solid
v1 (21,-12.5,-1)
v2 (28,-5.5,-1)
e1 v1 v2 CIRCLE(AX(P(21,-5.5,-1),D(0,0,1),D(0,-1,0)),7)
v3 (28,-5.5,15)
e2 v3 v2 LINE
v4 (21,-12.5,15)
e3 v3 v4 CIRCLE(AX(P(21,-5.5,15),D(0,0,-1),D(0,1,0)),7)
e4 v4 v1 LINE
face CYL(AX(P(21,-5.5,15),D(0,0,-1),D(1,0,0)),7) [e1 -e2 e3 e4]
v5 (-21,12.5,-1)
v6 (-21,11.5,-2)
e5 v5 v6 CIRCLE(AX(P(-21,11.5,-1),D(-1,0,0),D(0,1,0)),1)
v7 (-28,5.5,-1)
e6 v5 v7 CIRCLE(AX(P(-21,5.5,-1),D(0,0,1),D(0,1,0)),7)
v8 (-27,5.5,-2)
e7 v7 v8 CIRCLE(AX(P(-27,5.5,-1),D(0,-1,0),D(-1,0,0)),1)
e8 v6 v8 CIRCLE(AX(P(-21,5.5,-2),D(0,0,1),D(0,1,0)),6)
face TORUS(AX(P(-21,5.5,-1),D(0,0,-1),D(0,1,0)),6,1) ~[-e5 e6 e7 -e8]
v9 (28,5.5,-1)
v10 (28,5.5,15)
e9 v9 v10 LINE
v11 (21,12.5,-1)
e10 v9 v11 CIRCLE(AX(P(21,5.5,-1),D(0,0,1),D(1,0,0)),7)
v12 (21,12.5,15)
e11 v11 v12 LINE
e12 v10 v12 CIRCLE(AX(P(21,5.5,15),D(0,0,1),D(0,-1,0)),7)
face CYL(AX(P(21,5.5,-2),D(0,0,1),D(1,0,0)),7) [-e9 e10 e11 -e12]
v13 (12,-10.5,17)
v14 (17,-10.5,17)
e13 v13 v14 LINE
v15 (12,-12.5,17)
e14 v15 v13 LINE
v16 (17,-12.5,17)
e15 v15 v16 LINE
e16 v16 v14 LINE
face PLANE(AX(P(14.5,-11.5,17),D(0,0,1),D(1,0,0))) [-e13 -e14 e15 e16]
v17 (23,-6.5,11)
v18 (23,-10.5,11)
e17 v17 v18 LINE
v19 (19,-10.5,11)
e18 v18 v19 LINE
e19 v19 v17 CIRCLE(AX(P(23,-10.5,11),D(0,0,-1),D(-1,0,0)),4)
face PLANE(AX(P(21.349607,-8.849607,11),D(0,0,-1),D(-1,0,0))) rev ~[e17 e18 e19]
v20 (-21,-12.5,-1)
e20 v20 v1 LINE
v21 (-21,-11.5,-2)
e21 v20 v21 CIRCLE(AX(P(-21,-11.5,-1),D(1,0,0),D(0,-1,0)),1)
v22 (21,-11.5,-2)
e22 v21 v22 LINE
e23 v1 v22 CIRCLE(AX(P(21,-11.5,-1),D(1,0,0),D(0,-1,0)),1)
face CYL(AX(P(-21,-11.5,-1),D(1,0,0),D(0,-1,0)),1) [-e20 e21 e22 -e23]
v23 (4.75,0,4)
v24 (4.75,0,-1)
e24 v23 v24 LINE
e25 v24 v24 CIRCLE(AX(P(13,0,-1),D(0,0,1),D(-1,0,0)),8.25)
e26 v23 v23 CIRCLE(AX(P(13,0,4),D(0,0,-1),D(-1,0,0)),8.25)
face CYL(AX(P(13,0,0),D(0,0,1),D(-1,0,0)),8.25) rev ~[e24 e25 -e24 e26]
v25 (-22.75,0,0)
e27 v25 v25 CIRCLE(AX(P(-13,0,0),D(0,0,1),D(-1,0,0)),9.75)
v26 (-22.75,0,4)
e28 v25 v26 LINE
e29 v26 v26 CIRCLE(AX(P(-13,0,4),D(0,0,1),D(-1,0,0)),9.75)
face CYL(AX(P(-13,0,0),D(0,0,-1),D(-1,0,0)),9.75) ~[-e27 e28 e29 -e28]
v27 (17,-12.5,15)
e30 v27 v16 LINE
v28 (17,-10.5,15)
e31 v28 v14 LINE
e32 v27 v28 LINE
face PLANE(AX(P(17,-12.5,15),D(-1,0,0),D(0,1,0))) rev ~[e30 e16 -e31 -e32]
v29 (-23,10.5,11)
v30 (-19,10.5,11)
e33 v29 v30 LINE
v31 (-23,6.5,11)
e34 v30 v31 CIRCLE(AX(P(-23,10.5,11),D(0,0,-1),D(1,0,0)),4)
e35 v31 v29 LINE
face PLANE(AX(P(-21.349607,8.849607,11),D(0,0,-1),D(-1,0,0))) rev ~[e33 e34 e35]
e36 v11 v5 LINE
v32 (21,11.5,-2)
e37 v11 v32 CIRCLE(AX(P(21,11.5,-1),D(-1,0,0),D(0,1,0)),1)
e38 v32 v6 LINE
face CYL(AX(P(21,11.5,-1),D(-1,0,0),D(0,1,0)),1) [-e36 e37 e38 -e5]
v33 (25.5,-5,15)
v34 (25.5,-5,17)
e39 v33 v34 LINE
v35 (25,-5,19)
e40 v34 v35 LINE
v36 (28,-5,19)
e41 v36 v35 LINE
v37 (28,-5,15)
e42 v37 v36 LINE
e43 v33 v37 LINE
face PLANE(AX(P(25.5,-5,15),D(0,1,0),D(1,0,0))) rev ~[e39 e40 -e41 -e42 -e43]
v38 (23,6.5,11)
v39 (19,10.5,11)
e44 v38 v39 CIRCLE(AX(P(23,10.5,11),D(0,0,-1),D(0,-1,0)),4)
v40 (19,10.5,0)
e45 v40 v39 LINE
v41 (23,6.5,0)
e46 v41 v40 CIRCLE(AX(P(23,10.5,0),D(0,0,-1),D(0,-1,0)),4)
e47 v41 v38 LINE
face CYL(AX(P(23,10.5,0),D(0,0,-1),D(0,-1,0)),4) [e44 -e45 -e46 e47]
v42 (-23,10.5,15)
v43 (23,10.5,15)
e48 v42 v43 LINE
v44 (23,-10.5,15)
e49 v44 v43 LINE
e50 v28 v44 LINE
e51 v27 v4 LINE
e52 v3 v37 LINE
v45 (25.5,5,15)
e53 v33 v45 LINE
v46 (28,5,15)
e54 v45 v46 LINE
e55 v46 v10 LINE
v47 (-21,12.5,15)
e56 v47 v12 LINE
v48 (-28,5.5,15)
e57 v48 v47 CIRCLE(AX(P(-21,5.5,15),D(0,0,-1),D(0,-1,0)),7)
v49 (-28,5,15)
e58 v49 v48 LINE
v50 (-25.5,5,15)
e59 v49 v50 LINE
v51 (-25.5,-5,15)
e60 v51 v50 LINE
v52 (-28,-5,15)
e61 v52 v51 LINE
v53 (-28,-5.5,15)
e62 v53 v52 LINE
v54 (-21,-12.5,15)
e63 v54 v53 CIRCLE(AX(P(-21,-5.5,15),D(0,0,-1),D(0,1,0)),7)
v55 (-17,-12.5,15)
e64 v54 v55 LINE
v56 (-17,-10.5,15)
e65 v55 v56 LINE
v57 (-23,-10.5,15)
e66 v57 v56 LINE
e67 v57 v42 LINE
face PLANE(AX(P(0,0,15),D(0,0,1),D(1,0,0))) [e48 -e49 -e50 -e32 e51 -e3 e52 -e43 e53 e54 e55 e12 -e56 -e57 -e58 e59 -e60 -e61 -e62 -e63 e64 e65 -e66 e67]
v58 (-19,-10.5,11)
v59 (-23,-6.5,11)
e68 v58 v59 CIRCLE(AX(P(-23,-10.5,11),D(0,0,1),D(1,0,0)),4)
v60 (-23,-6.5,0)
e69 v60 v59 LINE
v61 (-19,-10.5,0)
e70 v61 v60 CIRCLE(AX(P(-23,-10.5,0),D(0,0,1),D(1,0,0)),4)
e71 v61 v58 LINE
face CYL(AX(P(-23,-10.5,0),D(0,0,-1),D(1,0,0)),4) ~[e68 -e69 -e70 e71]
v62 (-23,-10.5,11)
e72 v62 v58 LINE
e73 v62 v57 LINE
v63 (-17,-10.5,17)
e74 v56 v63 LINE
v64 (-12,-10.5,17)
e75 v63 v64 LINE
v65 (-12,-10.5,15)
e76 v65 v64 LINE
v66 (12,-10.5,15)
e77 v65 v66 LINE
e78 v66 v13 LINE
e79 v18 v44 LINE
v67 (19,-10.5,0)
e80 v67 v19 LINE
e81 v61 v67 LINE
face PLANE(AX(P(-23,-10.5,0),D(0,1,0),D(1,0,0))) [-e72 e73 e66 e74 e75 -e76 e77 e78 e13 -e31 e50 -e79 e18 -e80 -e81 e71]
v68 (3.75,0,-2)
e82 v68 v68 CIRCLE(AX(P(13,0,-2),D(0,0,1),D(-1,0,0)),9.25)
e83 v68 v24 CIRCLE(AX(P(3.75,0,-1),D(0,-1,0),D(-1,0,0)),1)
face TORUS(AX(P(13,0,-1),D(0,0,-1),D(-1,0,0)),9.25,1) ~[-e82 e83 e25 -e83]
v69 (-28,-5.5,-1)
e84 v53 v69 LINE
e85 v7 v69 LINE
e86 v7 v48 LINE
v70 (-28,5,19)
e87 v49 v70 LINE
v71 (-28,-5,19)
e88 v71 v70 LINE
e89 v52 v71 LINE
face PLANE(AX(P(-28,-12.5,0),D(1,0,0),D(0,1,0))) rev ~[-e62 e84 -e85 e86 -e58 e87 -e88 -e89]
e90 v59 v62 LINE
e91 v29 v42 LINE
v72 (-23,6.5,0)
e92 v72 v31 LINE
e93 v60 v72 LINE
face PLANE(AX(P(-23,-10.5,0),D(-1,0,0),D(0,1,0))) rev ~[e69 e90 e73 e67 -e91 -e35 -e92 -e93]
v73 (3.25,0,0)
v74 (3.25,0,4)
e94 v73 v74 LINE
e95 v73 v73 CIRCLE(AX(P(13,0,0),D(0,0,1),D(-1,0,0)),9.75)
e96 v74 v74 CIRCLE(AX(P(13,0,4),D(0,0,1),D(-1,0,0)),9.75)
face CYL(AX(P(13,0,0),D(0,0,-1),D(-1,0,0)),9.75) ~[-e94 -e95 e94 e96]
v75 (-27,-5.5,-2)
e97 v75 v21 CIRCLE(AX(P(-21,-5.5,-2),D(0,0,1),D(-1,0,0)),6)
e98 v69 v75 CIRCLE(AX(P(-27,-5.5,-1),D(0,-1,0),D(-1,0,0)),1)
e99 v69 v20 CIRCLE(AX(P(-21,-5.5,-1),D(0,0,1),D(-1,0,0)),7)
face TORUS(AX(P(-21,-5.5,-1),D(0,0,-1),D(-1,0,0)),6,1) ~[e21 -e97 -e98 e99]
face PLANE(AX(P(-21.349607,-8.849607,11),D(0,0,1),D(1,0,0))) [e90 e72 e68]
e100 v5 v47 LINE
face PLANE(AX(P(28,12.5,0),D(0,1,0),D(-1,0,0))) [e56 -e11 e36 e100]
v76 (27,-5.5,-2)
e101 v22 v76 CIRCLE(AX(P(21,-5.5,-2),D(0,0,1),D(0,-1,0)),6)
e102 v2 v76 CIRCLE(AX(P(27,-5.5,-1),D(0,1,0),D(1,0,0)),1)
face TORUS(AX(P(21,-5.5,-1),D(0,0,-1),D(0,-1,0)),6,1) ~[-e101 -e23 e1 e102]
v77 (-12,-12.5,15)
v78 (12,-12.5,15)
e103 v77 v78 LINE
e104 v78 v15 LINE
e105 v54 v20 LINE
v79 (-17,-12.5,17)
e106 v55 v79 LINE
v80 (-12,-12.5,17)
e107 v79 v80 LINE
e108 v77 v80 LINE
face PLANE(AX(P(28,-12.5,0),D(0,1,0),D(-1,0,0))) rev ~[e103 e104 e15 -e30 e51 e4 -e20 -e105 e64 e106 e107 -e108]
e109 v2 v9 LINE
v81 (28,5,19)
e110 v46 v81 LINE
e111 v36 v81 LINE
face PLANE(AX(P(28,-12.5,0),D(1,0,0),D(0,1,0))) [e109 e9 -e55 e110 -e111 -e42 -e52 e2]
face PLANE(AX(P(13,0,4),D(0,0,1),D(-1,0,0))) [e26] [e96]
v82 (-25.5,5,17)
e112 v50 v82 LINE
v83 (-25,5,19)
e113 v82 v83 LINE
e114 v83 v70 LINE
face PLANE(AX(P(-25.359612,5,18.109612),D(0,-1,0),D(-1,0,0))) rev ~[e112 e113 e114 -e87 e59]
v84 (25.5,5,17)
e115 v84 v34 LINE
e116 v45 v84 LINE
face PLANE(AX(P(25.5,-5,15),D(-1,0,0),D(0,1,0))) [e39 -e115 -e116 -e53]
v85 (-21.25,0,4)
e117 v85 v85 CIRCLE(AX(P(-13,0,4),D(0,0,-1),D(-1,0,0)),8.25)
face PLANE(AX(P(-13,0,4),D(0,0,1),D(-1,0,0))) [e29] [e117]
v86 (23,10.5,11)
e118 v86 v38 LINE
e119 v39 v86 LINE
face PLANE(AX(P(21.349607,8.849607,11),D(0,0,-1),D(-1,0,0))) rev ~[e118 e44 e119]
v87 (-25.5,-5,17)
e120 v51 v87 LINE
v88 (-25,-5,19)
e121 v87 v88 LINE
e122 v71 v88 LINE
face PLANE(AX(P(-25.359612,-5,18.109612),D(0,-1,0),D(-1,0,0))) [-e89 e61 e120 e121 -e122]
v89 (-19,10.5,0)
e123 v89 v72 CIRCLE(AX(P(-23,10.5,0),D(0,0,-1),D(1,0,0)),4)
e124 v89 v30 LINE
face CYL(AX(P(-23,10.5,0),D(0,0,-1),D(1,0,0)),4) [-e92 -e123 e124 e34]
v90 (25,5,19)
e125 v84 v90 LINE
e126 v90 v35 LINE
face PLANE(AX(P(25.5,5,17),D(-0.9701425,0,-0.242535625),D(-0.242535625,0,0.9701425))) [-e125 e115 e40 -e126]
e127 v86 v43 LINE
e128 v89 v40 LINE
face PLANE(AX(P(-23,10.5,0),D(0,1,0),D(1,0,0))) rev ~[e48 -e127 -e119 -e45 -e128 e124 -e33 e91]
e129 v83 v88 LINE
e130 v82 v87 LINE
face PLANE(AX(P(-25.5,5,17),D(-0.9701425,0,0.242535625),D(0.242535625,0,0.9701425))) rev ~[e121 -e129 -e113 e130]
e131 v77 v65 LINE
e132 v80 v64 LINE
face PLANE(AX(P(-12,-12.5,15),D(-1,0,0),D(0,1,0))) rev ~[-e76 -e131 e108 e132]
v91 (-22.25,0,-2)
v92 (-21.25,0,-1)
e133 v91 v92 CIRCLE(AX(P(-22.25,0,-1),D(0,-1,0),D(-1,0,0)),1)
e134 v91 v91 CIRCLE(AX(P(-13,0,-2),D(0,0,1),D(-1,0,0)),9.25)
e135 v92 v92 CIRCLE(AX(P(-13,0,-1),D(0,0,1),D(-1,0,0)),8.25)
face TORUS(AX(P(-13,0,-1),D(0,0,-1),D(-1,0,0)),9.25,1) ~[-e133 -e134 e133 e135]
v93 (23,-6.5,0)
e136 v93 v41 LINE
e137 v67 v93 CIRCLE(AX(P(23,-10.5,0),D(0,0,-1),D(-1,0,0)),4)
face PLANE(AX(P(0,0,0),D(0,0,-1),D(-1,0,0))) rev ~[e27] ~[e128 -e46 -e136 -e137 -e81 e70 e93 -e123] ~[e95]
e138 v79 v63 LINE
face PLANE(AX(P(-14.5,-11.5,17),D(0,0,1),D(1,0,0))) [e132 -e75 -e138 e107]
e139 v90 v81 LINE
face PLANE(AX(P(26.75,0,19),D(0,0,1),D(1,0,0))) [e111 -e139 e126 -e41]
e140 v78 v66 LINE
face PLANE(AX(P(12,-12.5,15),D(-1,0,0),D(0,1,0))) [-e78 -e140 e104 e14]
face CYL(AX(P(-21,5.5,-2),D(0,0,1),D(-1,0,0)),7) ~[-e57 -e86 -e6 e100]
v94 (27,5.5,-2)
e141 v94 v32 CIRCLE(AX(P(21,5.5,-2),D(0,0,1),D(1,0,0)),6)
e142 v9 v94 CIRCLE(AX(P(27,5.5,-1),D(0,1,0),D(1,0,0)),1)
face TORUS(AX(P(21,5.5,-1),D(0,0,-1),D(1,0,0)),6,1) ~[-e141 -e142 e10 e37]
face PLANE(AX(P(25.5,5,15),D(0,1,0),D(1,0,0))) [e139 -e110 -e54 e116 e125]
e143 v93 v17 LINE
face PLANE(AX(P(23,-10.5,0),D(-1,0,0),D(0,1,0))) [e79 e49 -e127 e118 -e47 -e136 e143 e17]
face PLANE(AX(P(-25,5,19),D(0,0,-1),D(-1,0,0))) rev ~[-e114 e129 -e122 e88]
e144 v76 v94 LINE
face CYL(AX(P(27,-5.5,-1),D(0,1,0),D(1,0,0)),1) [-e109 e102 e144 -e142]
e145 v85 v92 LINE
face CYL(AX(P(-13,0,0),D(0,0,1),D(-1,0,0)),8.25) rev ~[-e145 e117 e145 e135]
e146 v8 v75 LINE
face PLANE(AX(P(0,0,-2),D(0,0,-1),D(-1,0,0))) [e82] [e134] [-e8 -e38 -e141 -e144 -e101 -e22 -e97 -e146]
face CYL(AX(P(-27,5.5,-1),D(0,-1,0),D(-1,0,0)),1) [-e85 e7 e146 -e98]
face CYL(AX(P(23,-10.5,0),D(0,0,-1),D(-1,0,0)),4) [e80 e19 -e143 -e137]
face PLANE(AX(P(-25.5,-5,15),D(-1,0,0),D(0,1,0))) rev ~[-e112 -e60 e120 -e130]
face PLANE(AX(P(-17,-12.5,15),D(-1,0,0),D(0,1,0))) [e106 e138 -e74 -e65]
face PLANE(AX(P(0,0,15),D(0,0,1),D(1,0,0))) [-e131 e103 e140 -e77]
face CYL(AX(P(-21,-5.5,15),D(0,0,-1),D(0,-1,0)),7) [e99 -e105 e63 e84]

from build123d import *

# Parameters (mm, degrees)
SKETCH2_W                      = 56
SKETCH2_H                      = 25
SKETCH2_W_2                    = 46
SKETCH2_H_2                    = 21
BOX_DEPTH                      = 15
SKETCH3_W                      = 56
SKETCH3_H                      = 25
FRONT_DEPTH                    = 2
SKETCH8_R                      = 9.75
BOSS_EXTRUDE7_DEPTH            = 4
SKETCH1_R                      = 8.25
CUT_EXTRUDE1_DEPTH             = 35.135758377
CUT_EXTRUDE1_DIRECTION_2_REACH = 36.136
FILLET1_R                      = 7
BOSS_EXTRUDE3_DEPTH            = 11
FILLET2_R                      = 1
FILLET3_R                      = 1
SKETCH5_W                      = 2.5
SKETCH5_H                      = 10
BOSS_EXTRUDE4_DEPTH            = 4
SKETCH6_W                      = 5
SKETCH6_H                      = 2
BOSS_EXTRUDE5_DEPTH            = 2
BOSS_EXTRUDE6_DEPTH            = 10


with BuildPart() as part:
    # Sketch2 → Box (new body)
    with BuildSketch(Plane.XY):
        Rectangle(SKETCH2_W, SKETCH2_H)
        Rectangle(SKETCH2_W_2, SKETCH2_H_2, mode=Mode.SUBTRACT)
    extrude(amount=BOX_DEPTH)

    # Sketch3 → Front (add)
    with BuildSketch(Plane(origin=(0, 0, 0), x_dir=(-1, 0, 0), z_dir=(0, 0, -1))):
        Rectangle(SKETCH3_W, SKETCH3_H)
    extrude(amount=FRONT_DEPTH)

    # Sketch8 → Boss-Extrude7 (add)
    with BuildSketch(Plane.XY):
        with Locations(Location((-13, 0, 0), (0, 0, 180))):
            Circle(SKETCH8_R)
        with Locations(Location((13, 0, 0), (0, 0, 180))):
            Circle(SKETCH8_R)
    extrude(amount=BOSS_EXTRUDE7_DEPTH)

    # Sketch1 → Cut-Extrude1 (cut)
    with BuildSketch(Plane.XY):
        with Locations(Location((-13, 0, 0), (0, 0, 180))):
            Circle(SKETCH1_R)
        with Locations(Location((13, 0, 0), (0, 0, 180))):
            Circle(SKETCH1_R)
    extrude(amount=-CUT_EXTRUDE1_DEPTH, mode=Mode.SUBTRACT)

    # Sketch1 → Cut-Extrude1 direction 2 (cut, up to next)
    with BuildSketch(Plane.XY, mode=Mode.PRIVATE) as cut_extrude1_direction_2_sk1:
        with Locations(Location((-13, 0, 0), (0, 0, 180))):
            Circle(SKETCH1_R)
    cut_extrude1_direction_2_tool1 = extrude(cut_extrude1_direction_2_sk1.sketch, amount=CUT_EXTRUDE1_DIRECTION_2_REACH, mode=Mode.PRIVATE) & part.part
    # Sketch1 → Cut-Extrude1 direction 2 (cut, up to next)
    with BuildSketch(Plane.XY, mode=Mode.PRIVATE) as cut_extrude1_direction_2_sk2:
        with Locations(Location((13, 0, 0), (0, 0, 180))):
            Circle(SKETCH1_R)
    cut_extrude1_direction_2_tool2 = extrude(cut_extrude1_direction_2_sk2.sketch, amount=CUT_EXTRUDE1_DIRECTION_2_REACH, mode=Mode.PRIVATE) & part.part
    add(cut_extrude1_direction_2_tool1.solids().sort_by_distance((-13, 0, 0))[0], mode=Mode.SUBTRACT)
    add(cut_extrude1_direction_2_tool2.solids().sort_by_distance((13, 0, 0))[0], mode=Mode.SUBTRACT)

    # Fillet1
    fillet1_edges = [part.edges().sort_by_distance(p)[0] for p in [
        (-28, 12.5, 6.5),
        (28, 12.5, 6.5),
        (28, -12.5, 6.5),
        (-28, -12.5, 6.5),
    ]]
    fillet(fillet1_edges, radius=FILLET1_R)

    # Sketch4 → Boss-Extrude3 (add)
    with BuildSketch(Plane.XY):
        with BuildLine():
            Line((-23, 6.5), (-23, 10.5))
            Line((-23, 10.5), (-19, 10.5))
            ThreePointArc((-19, 10.5), (-20.171572875, 7.671572875), (-23, 6.5))
        make_face()
        with BuildLine():
            Line((19, 10.5), (23, 10.5))
            Line((23, 10.5), (23, 6.5))
            ThreePointArc((23, 6.5), (20.171572875, 7.671572875), (19, 10.5))
        make_face()
        with BuildLine():
            Line((-23, -6.5), (-23, -10.5))
            Line((-23, -10.5), (-19, -10.5))
            ThreePointArc((-19, -10.5), (-20.171572875, -7.671572875), (-23, -6.5))
        make_face()
        with BuildLine():
            Line((23, -6.5), (23, -10.5))
            Line((23, -10.5), (19, -10.5))
            ThreePointArc((19, -10.5), (20.171572875, -7.671572875), (23, -6.5))
        make_face()
    extrude(amount=BOSS_EXTRUDE3_DEPTH)

    # Fillet2
    fillet2_edges = [part.edges().sort_by_distance(p)[0] for p in [
        (0, 12.5, -2),
        (28, 0, -2),
        (0, -12.5, -2),
        (-28, 0, -2),
        (-25.949747468, -10.449747468, -2),
        (25.949747468, -10.449747468, -2),
        (-25.949747468, 10.449747468, -2),
        (25.949747468, 10.449747468, -2),
    ]]
    fillet(fillet2_edges, radius=FILLET2_R)

    # Fillet3
    fillet3_edges = [part.edges().sort_by_distance(p)[0] for p in [
        (-4.75, 0, -2),
        (21.25, 0, -2),
    ]]
    fillet(fillet3_edges, radius=FILLET3_R)

    # Sketch5 → Boss-Extrude4 (add)
    with BuildSketch(Plane.XY.offset(15)):
        with Locations((-26.75, 0)):
            Rectangle(SKETCH5_W, SKETCH5_H)
        with Locations((26.75, 0)):
            Rectangle(SKETCH5_W, SKETCH5_H)
    extrude(amount=BOSS_EXTRUDE4_DEPTH)

    # Sketch6 → Boss-Extrude5 (add)
    with BuildSketch(Plane.XY.offset(15)):
        with Locations((-14.5, -11.5)):
            Rectangle(SKETCH6_W, SKETCH6_H)
        with Locations((14.5, -11.5)):
            Rectangle(SKETCH6_W, SKETCH6_H)
    extrude(amount=BOSS_EXTRUDE5_DEPTH)

    # Sketch7 → Boss-Extrude6 (add)
    with BuildSketch(Plane(origin=(0, 5, 0), x_dir=(1, 0, 0), z_dir=(0, 1, 0))):
        Polygon((-25.5, -17), (-25, -19), (-25.5, -19), align=None)
        Polygon((25.5, -19), (25.5, -17), (25, -19), align=None)
    extrude(amount=-BOSS_EXTRUDE6_DEPTH)


solid = part.part
